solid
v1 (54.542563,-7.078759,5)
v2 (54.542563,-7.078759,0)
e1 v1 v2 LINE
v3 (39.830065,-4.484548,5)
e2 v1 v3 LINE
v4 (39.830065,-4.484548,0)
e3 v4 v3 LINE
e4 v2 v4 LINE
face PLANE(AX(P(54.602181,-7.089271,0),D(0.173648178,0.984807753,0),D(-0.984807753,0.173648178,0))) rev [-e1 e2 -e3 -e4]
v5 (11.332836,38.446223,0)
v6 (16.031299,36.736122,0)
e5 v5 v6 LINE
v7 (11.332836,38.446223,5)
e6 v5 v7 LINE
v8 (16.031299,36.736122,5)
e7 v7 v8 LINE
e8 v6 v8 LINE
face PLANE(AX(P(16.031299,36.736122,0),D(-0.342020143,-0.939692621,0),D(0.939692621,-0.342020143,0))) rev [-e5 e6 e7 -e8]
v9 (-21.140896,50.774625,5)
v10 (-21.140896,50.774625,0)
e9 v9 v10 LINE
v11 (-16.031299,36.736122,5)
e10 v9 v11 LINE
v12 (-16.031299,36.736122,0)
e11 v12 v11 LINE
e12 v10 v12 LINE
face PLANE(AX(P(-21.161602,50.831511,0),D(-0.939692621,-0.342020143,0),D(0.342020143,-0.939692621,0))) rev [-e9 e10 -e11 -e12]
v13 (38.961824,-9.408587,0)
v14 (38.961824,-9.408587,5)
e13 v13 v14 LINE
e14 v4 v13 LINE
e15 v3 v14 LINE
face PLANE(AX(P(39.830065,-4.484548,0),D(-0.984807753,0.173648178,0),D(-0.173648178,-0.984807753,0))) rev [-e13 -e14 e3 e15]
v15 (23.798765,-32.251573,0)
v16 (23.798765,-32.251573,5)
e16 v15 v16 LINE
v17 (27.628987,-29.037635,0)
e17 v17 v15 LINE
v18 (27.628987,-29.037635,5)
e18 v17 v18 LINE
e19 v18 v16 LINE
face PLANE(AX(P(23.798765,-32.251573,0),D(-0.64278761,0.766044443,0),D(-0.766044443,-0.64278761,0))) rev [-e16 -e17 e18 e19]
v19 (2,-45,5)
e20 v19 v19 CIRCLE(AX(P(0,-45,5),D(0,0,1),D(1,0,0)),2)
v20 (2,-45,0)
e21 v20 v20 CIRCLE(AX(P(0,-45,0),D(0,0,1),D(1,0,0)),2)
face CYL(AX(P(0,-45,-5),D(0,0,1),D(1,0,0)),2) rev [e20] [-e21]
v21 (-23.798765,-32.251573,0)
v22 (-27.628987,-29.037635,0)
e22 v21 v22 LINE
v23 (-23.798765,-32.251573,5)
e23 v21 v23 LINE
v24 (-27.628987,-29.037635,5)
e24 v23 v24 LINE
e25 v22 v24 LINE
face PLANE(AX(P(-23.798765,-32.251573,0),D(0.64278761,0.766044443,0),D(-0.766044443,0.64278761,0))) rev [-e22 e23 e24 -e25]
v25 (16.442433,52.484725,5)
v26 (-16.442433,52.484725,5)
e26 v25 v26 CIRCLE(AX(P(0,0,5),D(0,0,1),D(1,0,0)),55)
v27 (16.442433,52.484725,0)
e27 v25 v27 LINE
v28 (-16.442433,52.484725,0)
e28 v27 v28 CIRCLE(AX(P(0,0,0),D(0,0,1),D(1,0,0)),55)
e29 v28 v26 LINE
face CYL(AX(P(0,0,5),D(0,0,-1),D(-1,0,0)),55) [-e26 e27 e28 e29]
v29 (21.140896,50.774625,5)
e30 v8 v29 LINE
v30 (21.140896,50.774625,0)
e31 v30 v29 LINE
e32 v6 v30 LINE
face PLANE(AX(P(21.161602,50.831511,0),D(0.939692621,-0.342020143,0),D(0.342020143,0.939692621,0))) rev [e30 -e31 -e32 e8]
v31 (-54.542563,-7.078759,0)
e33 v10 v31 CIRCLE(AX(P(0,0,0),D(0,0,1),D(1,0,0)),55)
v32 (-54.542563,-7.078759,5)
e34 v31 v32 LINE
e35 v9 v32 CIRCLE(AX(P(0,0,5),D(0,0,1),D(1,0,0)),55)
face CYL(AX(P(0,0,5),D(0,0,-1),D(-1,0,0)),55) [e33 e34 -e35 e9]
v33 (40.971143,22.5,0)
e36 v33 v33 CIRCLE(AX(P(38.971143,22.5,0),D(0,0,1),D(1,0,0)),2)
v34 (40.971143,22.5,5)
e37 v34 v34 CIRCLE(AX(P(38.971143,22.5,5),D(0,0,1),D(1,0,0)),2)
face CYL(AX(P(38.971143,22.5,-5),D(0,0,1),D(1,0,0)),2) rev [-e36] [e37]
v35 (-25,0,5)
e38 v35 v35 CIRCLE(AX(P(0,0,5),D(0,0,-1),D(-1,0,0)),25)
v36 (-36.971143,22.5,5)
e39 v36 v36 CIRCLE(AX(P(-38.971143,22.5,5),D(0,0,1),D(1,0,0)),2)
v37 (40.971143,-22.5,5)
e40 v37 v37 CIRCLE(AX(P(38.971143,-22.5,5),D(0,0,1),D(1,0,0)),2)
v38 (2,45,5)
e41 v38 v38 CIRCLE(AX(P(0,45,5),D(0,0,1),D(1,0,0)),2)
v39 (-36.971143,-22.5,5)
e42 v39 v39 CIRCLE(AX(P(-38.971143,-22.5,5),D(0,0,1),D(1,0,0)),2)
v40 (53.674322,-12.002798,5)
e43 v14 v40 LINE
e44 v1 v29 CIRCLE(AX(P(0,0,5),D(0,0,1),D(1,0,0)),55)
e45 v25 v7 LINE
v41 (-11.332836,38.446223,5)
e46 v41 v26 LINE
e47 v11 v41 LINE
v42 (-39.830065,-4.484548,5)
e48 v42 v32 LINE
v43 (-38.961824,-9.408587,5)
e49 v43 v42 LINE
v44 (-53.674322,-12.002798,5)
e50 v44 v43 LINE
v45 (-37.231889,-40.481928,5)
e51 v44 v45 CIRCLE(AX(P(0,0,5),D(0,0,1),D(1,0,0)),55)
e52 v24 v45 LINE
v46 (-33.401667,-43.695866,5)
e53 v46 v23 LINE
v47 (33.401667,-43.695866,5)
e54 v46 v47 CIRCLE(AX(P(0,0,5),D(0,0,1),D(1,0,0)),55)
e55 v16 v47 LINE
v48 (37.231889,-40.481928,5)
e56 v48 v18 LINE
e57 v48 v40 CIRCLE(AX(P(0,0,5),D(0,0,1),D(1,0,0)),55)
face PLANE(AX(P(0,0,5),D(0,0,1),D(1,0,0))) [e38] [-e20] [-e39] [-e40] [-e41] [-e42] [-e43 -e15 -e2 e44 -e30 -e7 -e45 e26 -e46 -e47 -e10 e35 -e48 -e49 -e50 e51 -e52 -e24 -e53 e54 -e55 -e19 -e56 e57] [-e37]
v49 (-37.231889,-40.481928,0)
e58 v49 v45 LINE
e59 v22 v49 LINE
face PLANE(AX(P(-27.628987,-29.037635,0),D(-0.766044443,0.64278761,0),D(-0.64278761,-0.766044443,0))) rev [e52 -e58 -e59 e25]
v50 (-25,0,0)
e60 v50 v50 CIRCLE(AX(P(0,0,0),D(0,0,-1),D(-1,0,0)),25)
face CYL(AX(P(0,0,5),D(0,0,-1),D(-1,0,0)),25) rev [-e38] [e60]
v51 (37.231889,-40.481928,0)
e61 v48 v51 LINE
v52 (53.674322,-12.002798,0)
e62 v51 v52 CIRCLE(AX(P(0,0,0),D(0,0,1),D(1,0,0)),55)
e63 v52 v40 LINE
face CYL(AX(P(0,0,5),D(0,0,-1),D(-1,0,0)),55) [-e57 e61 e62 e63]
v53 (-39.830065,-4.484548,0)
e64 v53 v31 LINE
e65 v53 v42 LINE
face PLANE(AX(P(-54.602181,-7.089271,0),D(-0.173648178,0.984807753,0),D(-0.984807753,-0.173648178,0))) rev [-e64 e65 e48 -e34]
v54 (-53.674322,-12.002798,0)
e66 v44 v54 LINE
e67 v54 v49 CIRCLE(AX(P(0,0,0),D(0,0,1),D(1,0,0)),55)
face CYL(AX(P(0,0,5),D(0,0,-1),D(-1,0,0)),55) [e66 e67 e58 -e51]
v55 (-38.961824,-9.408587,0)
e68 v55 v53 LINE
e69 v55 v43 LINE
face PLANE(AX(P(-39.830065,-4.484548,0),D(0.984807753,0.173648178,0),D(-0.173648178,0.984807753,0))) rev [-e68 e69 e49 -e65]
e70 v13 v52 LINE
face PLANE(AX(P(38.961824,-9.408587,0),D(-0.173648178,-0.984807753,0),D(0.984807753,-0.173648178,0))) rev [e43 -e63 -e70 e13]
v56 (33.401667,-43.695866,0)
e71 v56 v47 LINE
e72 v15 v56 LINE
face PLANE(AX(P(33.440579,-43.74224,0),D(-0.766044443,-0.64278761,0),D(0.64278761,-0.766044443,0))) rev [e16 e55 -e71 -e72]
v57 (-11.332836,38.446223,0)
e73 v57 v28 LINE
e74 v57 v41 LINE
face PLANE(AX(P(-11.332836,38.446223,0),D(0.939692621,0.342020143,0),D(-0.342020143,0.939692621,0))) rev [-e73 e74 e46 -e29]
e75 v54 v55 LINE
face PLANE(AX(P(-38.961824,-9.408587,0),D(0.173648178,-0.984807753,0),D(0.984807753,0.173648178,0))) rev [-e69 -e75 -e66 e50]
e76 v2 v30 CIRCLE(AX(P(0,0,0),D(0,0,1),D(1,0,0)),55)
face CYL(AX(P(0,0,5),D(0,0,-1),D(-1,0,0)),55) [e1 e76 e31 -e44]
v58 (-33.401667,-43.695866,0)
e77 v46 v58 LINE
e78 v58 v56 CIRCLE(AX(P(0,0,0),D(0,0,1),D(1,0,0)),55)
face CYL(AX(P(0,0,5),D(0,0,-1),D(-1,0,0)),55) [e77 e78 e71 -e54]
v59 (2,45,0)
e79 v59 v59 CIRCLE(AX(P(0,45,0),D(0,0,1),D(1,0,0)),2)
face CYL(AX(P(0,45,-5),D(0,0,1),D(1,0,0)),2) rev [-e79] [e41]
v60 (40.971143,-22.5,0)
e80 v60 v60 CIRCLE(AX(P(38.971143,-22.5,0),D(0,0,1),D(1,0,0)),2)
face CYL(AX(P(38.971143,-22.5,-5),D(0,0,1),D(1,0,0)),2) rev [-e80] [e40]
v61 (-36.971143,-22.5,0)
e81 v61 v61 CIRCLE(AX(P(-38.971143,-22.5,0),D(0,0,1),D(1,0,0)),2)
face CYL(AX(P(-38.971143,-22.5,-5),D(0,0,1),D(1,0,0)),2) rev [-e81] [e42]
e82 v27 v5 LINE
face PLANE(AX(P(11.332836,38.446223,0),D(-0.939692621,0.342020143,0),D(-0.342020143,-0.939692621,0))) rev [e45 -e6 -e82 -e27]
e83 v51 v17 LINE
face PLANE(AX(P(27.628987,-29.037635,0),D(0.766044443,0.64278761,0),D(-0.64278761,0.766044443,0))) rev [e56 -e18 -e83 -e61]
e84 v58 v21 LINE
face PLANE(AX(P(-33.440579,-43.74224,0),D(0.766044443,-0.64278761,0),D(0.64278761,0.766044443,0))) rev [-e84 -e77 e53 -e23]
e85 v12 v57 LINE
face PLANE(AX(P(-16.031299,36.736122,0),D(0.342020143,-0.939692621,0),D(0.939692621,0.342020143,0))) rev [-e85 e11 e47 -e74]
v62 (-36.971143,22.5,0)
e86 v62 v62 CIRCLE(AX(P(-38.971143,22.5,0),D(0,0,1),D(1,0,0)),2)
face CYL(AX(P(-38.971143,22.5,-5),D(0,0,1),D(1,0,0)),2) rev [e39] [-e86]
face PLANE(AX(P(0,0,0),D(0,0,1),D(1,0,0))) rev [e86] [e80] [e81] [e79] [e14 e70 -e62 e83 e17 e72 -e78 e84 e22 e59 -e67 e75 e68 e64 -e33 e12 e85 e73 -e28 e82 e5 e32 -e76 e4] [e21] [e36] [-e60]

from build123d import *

# Parameters (mm, degrees)
CROQUIS1_R              = 55
SALIENTE_EXTRUIR1_DEPTH = 5
CORTAR_EXTRUIR1_DEPTH   = 78.942286341
CROQUIS3_R              = 2
CORTAR_EXTRUIR2_DEPTH   = 10
CROQUIS4_R              = 25
CORTAR_EXTRUIR3_DEPTH   = 78.942286341


with BuildPart() as part:
    # Croquis1 → Saliente-Extruir1 (new body)
    with BuildSketch(Plane.XY):
        Circle(CROQUIS1_R)
    extrude(amount=SALIENTE_EXTRUIR1_DEPTH)

    # Croquis2 → Cortar-Extruir1 (cut, through all)
    with BuildSketch(Plane.XY.offset(5)):
        Polygon((-21.161601507, 50.8315113), (-16.031299357, 36.736121988), (-11.332836253, 38.446222705), (-16.463138403, 52.541612016), align=None)
        Polygon((16.031299357, 36.736121988), (11.332836253, 38.446222705), (16.463138403, 52.541612016), (21.161601507, 50.8315113), align=None)
        Polygon((54.602180852, -7.08927116), (39.830064557, -4.484548495), (38.961823668, -9.40858726), (53.733939964, -12.013309925), align=None)
        Polygon((27.628987415, -29.037635445), (37.27080156, -40.528302091), (33.440579345, -43.74224014), (23.7987652, -32.251573493), align=None)
        Polygon((-33.440579345, -43.74224014), (-23.7987652, -32.251573493), (-27.628987415, -29.037635445), (-37.27080156, -40.528302091), align=None)
        Polygon((-38.961823668, -9.40858726), (-53.733939964, -12.013309925), (-54.602180852, -7.08927116), (-39.830064557, -4.484548495), align=None)
    extrude(amount=-CORTAR_EXTRUIR1_DEPTH, mode=Mode.SUBTRACT)

    # Croquis3 → Cortar-Extruir2 (cut)
    with BuildSketch(Plane.XY.offset(5)):
        with Locations((0, 45)):
            Circle(CROQUIS3_R)
        with Locations((0, -45)):
            Circle(CROQUIS3_R)
        with Locations((38.97114317, -22.5)):
            Circle(CROQUIS3_R)
        with Locations((-38.97114317, 22.5)):
            Circle(CROQUIS3_R)
        with Locations((-38.97114317, -22.5)):
            Circle(CROQUIS3_R)
        with Locations((38.97114317, 22.5)):
            Circle(CROQUIS3_R)
    extrude(amount=-CORTAR_EXTRUIR2_DEPTH, mode=Mode.SUBTRACT)

    # Croquis4 → Cortar-Extruir3 (cut, through all)
    with BuildSketch(Plane(origin=(0, 0, 0), x_dir=(-1, 0, 0), z_dir=(0, 0, -1))):
        Circle(CROQUIS4_R)
    extrude(amount=-CORTAR_EXTRUIR3_DEPTH, mode=Mode.SUBTRACT)


solid = part.part
